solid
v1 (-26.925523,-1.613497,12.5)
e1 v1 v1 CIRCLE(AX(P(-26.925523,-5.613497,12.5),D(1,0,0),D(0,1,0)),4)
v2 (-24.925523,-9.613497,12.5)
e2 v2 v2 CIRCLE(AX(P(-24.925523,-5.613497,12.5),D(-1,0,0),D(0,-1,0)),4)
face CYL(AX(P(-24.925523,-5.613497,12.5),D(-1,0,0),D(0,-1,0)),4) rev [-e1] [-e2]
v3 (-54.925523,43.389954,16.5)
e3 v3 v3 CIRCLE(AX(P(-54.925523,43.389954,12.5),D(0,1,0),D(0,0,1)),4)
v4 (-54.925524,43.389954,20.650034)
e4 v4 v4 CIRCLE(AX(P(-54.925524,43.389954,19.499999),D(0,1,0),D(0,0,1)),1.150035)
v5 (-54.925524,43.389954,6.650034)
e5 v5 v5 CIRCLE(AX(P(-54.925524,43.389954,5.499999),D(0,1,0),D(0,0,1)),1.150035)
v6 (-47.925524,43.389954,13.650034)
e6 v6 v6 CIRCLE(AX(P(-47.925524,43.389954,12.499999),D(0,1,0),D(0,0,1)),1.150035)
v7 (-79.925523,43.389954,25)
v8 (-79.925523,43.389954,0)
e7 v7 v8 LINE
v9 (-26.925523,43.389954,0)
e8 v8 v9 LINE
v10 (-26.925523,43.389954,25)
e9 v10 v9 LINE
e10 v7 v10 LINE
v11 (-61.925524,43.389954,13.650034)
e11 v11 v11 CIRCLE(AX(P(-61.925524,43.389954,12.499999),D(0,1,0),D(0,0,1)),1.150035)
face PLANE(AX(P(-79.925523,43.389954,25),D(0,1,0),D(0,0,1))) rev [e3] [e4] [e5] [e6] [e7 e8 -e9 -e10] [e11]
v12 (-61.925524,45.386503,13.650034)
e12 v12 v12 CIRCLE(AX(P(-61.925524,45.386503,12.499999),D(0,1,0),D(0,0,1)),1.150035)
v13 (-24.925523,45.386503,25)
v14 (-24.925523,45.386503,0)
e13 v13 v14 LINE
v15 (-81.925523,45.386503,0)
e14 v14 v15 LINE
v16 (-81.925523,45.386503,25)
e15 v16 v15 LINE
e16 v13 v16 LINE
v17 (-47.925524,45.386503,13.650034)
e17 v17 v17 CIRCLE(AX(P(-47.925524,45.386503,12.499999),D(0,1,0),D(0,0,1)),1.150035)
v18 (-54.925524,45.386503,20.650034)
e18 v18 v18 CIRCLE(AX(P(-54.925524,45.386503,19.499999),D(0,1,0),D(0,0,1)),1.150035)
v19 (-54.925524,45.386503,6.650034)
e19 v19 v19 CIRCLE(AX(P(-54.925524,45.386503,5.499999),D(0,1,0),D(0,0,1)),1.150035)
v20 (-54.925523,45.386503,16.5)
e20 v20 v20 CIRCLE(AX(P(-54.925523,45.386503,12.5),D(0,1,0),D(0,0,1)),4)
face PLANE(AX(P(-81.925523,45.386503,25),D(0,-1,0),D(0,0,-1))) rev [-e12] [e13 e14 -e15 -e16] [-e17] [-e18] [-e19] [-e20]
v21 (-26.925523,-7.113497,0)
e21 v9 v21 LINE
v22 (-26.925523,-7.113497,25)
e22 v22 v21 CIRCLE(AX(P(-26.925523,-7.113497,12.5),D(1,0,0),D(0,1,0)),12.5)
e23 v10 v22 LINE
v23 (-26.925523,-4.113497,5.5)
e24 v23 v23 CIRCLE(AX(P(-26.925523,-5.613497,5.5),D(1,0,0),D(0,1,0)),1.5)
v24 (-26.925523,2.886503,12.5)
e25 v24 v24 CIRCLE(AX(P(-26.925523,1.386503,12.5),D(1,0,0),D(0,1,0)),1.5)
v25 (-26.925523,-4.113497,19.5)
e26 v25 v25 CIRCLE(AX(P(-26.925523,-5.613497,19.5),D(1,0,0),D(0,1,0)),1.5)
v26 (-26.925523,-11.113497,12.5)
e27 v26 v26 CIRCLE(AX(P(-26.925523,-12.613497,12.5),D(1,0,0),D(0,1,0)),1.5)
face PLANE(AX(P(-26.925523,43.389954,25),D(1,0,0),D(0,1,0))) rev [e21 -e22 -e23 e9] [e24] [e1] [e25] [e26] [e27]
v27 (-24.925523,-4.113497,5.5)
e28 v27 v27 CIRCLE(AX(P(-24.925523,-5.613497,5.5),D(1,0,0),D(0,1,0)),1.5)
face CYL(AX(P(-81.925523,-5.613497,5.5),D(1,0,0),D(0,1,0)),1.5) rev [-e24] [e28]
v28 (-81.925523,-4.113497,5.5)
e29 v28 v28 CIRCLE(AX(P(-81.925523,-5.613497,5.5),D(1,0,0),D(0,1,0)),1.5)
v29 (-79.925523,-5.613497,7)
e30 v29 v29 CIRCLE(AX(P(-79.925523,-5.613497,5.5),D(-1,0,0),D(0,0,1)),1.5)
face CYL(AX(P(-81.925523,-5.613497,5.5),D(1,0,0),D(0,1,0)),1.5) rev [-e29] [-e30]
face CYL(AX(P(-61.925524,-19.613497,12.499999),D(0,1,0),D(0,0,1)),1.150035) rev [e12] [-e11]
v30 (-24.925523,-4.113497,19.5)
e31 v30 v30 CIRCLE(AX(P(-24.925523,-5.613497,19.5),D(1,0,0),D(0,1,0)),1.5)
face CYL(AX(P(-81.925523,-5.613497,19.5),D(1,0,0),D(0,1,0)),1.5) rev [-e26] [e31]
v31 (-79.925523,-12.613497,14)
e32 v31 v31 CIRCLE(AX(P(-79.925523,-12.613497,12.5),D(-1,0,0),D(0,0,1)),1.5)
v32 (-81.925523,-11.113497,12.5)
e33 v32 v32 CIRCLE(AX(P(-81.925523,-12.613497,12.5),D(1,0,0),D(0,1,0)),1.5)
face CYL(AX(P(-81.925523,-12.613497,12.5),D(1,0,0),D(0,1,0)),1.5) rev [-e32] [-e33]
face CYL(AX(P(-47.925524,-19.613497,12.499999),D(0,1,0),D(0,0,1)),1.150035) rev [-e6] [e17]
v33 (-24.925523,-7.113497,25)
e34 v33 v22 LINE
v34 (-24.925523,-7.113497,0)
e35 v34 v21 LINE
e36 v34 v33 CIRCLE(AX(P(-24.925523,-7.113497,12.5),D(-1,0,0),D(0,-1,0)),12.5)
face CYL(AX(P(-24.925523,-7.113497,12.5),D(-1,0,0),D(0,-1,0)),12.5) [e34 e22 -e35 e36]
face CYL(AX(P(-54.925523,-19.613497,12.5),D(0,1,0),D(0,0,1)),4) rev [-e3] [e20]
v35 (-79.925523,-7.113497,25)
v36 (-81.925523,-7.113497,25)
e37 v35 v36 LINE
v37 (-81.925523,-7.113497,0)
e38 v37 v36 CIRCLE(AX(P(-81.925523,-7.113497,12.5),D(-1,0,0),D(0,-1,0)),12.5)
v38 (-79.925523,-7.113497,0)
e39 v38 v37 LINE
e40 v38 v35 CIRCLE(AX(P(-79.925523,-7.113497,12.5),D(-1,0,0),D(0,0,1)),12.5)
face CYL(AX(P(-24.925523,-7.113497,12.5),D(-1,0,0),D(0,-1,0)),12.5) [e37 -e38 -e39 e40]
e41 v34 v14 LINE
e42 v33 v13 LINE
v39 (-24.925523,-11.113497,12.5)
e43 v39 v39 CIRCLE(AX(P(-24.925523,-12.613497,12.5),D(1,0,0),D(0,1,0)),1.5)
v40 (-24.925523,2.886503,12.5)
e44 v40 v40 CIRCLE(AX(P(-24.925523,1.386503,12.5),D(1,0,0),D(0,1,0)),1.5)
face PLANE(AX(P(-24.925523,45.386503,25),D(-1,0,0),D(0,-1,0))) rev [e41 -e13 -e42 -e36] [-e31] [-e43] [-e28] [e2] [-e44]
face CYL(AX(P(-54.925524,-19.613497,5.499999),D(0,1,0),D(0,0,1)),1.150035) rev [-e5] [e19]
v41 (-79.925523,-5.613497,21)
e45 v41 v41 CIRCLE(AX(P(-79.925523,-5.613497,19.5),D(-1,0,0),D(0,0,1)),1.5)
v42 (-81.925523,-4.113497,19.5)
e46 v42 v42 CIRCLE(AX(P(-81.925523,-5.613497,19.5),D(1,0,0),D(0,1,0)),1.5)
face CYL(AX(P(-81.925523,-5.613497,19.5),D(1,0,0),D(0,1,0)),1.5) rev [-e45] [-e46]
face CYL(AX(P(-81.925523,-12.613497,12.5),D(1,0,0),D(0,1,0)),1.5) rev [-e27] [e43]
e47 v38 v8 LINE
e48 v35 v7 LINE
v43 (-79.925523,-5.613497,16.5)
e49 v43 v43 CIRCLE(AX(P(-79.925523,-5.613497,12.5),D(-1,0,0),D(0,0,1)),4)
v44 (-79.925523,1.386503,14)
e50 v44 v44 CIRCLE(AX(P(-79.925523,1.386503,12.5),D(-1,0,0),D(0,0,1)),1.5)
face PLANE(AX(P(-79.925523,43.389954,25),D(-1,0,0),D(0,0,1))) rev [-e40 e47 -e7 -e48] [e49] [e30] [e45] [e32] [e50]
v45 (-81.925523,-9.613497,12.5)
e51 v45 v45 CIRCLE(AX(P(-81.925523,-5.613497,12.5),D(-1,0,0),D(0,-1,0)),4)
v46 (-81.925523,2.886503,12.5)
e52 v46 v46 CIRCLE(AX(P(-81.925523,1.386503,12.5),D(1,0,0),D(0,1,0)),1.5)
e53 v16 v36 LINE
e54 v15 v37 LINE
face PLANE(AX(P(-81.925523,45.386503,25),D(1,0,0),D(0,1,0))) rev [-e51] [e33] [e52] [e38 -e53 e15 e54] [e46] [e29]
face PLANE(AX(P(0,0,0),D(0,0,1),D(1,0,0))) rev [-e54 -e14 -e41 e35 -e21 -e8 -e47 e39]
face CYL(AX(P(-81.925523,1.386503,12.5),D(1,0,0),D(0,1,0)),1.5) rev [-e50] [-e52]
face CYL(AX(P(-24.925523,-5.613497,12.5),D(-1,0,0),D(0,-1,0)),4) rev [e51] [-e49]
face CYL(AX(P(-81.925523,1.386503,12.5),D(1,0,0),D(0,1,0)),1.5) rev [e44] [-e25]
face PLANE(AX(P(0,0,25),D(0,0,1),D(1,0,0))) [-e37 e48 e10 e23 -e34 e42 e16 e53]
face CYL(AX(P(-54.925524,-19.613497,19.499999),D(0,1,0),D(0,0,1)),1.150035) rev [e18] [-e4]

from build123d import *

# Parameters (mm, degrees)
BOSS_EXTRUDE2_DEPTH = 25
SKETCH4_R           = 4
CUT_EXTRUDE1_DEPTH  = 108.5257706
SKETCH6_R           = 4
CUT_EXTRUDE2_DEPTH  = 78.032036302
CUT_EXTRUDE3_DEPTH  = 78.032036302
SKETCH9_R           = 1.5
CUT_EXTRUDE4_DEPTH  = 78.032036302
SKETCH10_R          = 1.150035119
CUT_EXTRUDE5_DEPTH  = 108.5257706


with BuildPart() as part:
    # Sketch3 → Boss-Extrude2 (new body)
    with BuildSketch(Plane.XY):
        Polygon((-79.925523148, 45.386502584), (-27.042967192, 45.386502584), (-24.925523148, 45.386502584), (-24.925523148, -19.613497416), (-26.925523148, -19.613497416), (-26.925523148, 43.389953837), (-79.925523148, 43.389953837), (-79.925523148, -19.613497416), (-81.925523148, -19.613497416), (-81.925523148, 45.386502584), align=None)
    extrude(amount=BOSS_EXTRUDE2_DEPTH)

    # Sketch4 → Cut-Extrude1 (cut, through all)
    with BuildSketch(Plane(origin=(0, 45.386502584, 0), x_dir=(1, 0, 0), z_dir=(0, 1, 0))):
        with Locations(Location((-54.925523148, -12.5, 0), (0, 0, 270))):
            Circle(SKETCH4_R)
    extrude(amount=-CUT_EXTRUDE1_DEPTH, mode=Mode.SUBTRACT)

    # Sketch6 → Cut-Extrude2 (cut, through all)
    with BuildSketch(Plane.ZY.offset(81.925523148)):
        with Locations(Location((12.5, -5.613497416, 0), (0, 0, 270))):
            Circle(SKETCH6_R)
    extrude(amount=-CUT_EXTRUDE2_DEPTH, mode=Mode.SUBTRACT)

    # Sketch8 → Cut-Extrude3 (cut, through all)
    with BuildSketch(Plane.ZY.offset(81.925523148)):
        with BuildLine():
            Line((0, -19.613497416), (12.5, -19.613497416))
            ThreePointArc((12.5, -19.613497416), (3.661165213, -15.952332159), (0, -7.113497352))
            Line((0, -7.113497352), (0, -19.613497416))
        make_face()
        with BuildLine():
            Line((12.5, -19.613497416), (25, -19.613497416))
            Line((25, -19.613497416), (25, -7.113497416))
            ThreePointArc((25, -7.113497416), (21.338834765, -15.952332181), (12.5, -19.613497416))
        make_face()
    extrude(amount=-CUT_EXTRUDE3_DEPTH, mode=Mode.SUBTRACT)

    # Sketch9 → Cut-Extrude4 (cut, through all)
    with BuildSketch(Plane(origin=(-24.925523148, 0, 0), x_dir=(0, 0, -1), z_dir=(1, 0, 0))):
        with Locations(Location((-12.5, 1.386502584, 0), (0, 0, 90))):
            Circle(SKETCH9_R)
        with Locations(Location((-5.5, -5.613497416, 0), (0, 0, 90))):
            Circle(SKETCH9_R)
        with Locations(Location((-12.5, -12.613497416, 0), (0, 0, 90))):
            Circle(SKETCH9_R)
        with Locations(Location((-19.5, -5.613497416, 0), (0, 0, 90))):
            Circle(SKETCH9_R)
    extrude(amount=-CUT_EXTRUDE4_DEPTH, mode=Mode.SUBTRACT)

    # Sketch10 → Cut-Extrude5 (cut, through all)
    with BuildSketch(Plane(origin=(0, 45.386502584, 0), x_dir=(1, 0, 0), z_dir=(0, 1, 0))):
        with Locations(Location((-54.925524223, -19.499998866, 0), (0, 0, 270))):
            Circle(SKETCH10_R)
        with Locations(Location((-61.925524223, -12.499998866, 0), (0, 0, 270))):
            Circle(SKETCH10_R)
        with Locations(Location((-54.925524223, -5.499998866, 0), (0, 0, 270))):
            Circle(SKETCH10_R)
        with Locations(Location((-47.925524223, -12.499998866, 0), (0, 0, 270))):
            Circle(SKETCH10_R)
    extrude(amount=-CUT_EXTRUDE5_DEPTH, mode=Mode.SUBTRACT)


solid = part.part
